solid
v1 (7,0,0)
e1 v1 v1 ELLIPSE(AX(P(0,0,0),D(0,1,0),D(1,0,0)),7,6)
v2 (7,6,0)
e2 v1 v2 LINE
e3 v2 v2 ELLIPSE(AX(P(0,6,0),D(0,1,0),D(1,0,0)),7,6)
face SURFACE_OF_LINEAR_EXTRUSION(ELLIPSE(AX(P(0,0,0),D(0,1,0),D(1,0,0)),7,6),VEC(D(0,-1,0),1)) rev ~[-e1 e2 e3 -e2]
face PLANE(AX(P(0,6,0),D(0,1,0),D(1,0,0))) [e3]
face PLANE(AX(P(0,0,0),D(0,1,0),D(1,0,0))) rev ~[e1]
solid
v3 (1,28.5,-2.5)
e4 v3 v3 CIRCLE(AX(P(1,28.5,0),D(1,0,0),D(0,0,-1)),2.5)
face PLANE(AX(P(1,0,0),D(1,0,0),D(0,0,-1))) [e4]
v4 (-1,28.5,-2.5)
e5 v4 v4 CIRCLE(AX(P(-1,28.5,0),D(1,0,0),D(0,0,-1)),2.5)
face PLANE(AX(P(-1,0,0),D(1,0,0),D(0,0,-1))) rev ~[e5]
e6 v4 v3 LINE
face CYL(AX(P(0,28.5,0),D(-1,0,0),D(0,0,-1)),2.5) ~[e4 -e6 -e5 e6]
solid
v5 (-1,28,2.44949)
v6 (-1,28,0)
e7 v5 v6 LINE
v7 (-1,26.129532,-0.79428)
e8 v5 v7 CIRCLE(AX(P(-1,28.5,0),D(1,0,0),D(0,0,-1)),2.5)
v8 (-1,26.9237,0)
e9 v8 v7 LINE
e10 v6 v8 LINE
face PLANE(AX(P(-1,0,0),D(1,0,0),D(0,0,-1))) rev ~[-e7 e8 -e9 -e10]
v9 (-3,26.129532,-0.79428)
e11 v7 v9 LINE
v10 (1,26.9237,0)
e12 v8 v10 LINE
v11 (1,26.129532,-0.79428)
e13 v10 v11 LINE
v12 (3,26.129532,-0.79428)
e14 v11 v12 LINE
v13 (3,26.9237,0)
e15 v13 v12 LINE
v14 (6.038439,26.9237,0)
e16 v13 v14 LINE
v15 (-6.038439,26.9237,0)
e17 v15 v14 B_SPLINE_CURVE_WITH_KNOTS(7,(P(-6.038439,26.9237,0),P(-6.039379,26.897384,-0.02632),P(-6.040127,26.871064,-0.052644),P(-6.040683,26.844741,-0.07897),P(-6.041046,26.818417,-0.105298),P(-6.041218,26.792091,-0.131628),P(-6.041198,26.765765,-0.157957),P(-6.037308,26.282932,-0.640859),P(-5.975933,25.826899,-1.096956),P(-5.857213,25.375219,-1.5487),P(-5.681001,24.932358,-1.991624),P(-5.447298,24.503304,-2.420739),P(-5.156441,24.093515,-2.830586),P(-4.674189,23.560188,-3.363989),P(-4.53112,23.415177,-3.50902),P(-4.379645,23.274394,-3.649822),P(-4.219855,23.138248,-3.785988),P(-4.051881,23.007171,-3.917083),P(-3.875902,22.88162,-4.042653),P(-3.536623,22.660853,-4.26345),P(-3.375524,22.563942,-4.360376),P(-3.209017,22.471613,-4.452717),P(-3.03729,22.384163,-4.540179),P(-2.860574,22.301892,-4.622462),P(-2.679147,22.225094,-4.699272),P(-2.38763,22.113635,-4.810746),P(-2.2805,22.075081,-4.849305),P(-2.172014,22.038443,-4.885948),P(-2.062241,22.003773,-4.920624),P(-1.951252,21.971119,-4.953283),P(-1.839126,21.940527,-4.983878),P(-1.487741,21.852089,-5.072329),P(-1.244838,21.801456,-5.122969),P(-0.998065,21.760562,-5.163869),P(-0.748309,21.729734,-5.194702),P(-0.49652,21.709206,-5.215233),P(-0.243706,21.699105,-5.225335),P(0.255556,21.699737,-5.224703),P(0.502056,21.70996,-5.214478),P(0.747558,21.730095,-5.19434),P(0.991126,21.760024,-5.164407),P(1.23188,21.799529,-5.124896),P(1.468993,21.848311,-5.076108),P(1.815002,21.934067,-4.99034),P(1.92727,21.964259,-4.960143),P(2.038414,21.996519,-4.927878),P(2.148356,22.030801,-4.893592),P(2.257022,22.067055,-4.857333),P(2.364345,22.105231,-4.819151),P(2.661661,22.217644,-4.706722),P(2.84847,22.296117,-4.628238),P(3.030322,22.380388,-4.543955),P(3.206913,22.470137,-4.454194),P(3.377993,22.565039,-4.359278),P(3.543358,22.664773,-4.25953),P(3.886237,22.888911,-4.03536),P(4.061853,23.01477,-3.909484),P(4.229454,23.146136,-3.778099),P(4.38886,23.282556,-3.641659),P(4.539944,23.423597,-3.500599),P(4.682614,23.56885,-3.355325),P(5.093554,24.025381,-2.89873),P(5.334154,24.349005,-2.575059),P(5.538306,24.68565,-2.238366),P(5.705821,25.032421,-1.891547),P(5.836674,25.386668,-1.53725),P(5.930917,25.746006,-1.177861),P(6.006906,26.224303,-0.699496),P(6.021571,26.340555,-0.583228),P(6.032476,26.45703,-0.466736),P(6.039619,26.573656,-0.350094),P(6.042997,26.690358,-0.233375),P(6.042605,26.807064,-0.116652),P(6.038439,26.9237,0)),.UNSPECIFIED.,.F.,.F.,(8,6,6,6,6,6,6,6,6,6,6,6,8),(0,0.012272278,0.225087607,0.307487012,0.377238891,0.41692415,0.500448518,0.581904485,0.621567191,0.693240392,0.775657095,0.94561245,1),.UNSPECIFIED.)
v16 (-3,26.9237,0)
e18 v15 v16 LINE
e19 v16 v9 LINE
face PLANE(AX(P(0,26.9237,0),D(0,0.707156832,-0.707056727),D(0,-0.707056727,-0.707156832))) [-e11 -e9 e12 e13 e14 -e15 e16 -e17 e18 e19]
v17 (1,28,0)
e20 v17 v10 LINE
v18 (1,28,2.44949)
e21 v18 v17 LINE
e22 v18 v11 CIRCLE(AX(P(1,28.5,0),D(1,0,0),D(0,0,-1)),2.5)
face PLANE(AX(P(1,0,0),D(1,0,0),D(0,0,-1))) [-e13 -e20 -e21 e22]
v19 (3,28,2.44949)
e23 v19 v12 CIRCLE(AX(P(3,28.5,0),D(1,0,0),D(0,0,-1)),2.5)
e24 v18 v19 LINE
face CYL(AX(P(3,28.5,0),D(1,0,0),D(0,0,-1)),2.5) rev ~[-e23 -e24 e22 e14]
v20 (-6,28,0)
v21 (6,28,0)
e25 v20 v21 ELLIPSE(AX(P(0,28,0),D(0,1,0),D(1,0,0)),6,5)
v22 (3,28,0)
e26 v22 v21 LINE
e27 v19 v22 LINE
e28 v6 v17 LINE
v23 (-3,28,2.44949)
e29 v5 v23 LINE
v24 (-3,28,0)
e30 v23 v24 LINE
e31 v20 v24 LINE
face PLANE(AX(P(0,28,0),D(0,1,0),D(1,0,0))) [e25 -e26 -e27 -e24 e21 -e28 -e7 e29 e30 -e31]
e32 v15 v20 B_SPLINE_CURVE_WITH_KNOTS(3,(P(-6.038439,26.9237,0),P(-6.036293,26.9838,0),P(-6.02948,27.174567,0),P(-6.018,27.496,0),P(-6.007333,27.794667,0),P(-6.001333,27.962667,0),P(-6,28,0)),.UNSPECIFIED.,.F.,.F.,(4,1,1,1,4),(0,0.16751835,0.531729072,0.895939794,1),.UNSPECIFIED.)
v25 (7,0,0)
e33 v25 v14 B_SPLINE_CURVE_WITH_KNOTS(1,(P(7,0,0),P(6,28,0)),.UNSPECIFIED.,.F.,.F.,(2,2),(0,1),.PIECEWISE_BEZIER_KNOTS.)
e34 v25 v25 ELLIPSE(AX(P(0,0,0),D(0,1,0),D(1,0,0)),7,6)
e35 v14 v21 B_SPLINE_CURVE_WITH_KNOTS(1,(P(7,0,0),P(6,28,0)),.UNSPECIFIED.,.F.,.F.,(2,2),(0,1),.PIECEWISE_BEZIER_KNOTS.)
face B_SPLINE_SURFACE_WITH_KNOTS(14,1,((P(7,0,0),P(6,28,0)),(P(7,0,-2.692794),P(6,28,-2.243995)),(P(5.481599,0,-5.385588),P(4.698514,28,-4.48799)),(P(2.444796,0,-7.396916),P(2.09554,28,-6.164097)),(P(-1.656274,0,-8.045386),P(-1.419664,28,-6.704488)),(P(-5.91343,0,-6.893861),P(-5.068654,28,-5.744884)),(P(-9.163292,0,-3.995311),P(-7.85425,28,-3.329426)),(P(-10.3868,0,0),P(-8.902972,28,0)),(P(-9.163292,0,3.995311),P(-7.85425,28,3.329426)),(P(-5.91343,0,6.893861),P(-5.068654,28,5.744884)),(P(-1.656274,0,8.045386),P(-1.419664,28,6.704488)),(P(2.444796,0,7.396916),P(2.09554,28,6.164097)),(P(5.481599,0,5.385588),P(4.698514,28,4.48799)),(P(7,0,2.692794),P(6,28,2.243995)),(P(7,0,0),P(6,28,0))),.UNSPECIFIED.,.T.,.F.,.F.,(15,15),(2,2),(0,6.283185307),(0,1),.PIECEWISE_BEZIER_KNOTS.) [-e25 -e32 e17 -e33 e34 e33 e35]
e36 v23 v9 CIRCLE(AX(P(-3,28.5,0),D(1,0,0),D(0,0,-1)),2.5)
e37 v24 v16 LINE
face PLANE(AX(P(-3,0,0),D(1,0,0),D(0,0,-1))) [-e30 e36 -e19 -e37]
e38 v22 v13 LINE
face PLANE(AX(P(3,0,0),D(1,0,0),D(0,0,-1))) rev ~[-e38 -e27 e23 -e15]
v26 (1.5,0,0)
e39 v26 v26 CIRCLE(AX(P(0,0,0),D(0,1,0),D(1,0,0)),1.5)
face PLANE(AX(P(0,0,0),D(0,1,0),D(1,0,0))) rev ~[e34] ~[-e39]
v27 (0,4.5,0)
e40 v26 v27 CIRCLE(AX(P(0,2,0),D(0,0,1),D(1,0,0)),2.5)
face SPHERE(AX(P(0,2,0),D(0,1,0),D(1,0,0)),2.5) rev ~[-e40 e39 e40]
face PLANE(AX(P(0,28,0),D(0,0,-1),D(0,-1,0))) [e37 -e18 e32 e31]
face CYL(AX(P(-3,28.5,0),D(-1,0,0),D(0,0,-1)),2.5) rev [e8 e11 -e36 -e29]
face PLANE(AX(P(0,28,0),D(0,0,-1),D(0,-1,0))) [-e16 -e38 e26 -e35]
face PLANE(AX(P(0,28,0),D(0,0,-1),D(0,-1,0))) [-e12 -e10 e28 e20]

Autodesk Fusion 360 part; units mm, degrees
sketch "Sketch1" plane through (0, 0, 0) normal (0, 1, 0) x (1, 0, 0)
  circle A0 centre (0, 0) radius 1
  dimension "d1" = 2
extrude "Extrude1" add sketch "Sketch1" along normal blind 6

Autodesk Fusion 360 part; units mm, degrees
sketch "Sketch1" plane through (0, 0, 0) normal (0, 1, 0) x (1, 0, 0)
  circle A0 centre (0, 0) radius 1
  dimension "d1" = 2
extrude "Extrude1" add sketch "Sketch1" along normal blind 5 makes body 1
sketch "Sketch2" plane through (0, 0, 0) normal (0, 1, 0) x (1, 0, 0)
  circle A0 centre (0, 0) radius 2.5
  dimension "d4" = 5
sphere "SpherePrimitive1" cut diameter 5.4 placed x (1, 0, 0) y (0, 0, -1) z (0, 1, 0) at (0, 0, 0) bodies 1
sphere "SpherePrimitive2" add diameter 5 placed x (1, 0, 0) y (0, 0, -1) z (0, 1, 0) at (0, 0, 0) separate body makes body 2
extrude "Extrude2" add 1 faces at (-0.3296, 5, -0.5031) along direction (0, -1, 0) blind 3 on bodies 1 bodies 1 2
extrude "Extrude3" add 1 faces at (-0.3296, 5, -0.5031) along direction (0, 1, 0) blind 1 on bodies 1 bodies 1

Autodesk Fusion 360 part; units mm, degrees
sketch "Sketch1" plane through (0, 0, 0) normal (0, 1, 0) x (1, 0, 0)
  ellipse E0 centre (0, 0) end of major axis (7, 0) minor radius 6
  line L0 (-7, 0) -> (7, 0) construction
  line L1 (0, -6) -> (0, 6) construction
  dimension "d2" = 12
ref_plane "WorkPlane1" through (0, 28, 0) normal (0, 1, 0) x (1, 0, 0)
sketch "Sketch2" plane through (0, 28, 0) normal (0, 1, 0) x (1, 0, 0)
  ellipse E0 centre (0, 0) end of major axis (6, 0) minor radius 5
  line L0 (-6, 0) -> (6, 0) construction
  line L1 (0, -5) -> (0, 5) construction
  dimension "d3" = 10
sketch "Sketch3" plane through (0, 28, 0) normal (0, 1, 0) x (1, 0, 0)
loft "Loft1" add profiles "Sketch1", "Sketch2" section 1 section 2 makes body 1
sketch "Sketch4" plane through (0, 0, 0) normal (1, 0, 0) x (0, 0, -1)
  line L0 (0, 0) -> (0, 1)
  line L1 (0, 1) -> (7, 8)
  line L2 (7, 8) -> (7, 0)
  line L3 (7, 0) -> (0, 0)
  line L4 (0, 28) -> (0, 26.9237)
  line L5 (0, 26.9237) -> (5.6513, 21.2732)
  line L6 (5.6513, 21.2732) -> (5.6513, 28)
  line L7 (5.6513, 28) -> (0, 28)
  line L8 (0, 28) -> (0, 26.9237)
  line L9 (0, 28) -> (0, 26.9237)
  line L10 (0, 26.9237) -> (5.6513, 21.2732)
  line L11 (5.6513, 28) -> (0, 28)
  point P0 (0, 28)
extrude "Extrude1" cut sketch "Sketch4" along normal through all and the other way through all contours L4 L5 L6 L7 L8 L9 L10 L11 bodies 1
sketch "Sketch5" plane through (0, 0, 0) normal (1, 0, 0) x (0, 0, -1)
  circle A0 centre (0, -0.5) radius 2.5
  circle A1 centre (0, 28.5) radius 2.5
  dimension "d5" = 5
  dimension "d6" = 5
extrude "Extrude2" add sketch "Sketch5" along normal mid plane 6 separate body contours A1 makes body 2
extrude "Extrude3" cut 1 faces at (-3, 28.6214, -0.8056) along direction (1, 0, 0) blind 2 on bodies 2 bodies 1 2
extrude "Extrude4" cut 1 faces at (3, 28.6214, -0.8056) along direction (-1, 0, 0) blind 2 on bodies 2 bodies 1 2
sketch "Sketch6" plane through (0, 0, 0) normal (1, 0, 0) x (0, 0, -1)
  circle A0 centre (0, 28.5) radius 1
  dimension "d16" = 2
ref_plane "WorkPlane2" through (0, 2, 0) normal (0, 1, 0) x (0, 0, 1)
sketch "Sketch7" plane through (0, 2, 0) normal (0, 1, 0) x (1, 0, 0)
  circle A0 centre (0, 0) radius 2.5
  dimension "d19" = 5
sphere "SpherePrimitive1" cut diameter 5 placed x (1, 0, 0) y (0, 0, -1) z (0, 1, 0) at (0, 2, 0) bodies 1
